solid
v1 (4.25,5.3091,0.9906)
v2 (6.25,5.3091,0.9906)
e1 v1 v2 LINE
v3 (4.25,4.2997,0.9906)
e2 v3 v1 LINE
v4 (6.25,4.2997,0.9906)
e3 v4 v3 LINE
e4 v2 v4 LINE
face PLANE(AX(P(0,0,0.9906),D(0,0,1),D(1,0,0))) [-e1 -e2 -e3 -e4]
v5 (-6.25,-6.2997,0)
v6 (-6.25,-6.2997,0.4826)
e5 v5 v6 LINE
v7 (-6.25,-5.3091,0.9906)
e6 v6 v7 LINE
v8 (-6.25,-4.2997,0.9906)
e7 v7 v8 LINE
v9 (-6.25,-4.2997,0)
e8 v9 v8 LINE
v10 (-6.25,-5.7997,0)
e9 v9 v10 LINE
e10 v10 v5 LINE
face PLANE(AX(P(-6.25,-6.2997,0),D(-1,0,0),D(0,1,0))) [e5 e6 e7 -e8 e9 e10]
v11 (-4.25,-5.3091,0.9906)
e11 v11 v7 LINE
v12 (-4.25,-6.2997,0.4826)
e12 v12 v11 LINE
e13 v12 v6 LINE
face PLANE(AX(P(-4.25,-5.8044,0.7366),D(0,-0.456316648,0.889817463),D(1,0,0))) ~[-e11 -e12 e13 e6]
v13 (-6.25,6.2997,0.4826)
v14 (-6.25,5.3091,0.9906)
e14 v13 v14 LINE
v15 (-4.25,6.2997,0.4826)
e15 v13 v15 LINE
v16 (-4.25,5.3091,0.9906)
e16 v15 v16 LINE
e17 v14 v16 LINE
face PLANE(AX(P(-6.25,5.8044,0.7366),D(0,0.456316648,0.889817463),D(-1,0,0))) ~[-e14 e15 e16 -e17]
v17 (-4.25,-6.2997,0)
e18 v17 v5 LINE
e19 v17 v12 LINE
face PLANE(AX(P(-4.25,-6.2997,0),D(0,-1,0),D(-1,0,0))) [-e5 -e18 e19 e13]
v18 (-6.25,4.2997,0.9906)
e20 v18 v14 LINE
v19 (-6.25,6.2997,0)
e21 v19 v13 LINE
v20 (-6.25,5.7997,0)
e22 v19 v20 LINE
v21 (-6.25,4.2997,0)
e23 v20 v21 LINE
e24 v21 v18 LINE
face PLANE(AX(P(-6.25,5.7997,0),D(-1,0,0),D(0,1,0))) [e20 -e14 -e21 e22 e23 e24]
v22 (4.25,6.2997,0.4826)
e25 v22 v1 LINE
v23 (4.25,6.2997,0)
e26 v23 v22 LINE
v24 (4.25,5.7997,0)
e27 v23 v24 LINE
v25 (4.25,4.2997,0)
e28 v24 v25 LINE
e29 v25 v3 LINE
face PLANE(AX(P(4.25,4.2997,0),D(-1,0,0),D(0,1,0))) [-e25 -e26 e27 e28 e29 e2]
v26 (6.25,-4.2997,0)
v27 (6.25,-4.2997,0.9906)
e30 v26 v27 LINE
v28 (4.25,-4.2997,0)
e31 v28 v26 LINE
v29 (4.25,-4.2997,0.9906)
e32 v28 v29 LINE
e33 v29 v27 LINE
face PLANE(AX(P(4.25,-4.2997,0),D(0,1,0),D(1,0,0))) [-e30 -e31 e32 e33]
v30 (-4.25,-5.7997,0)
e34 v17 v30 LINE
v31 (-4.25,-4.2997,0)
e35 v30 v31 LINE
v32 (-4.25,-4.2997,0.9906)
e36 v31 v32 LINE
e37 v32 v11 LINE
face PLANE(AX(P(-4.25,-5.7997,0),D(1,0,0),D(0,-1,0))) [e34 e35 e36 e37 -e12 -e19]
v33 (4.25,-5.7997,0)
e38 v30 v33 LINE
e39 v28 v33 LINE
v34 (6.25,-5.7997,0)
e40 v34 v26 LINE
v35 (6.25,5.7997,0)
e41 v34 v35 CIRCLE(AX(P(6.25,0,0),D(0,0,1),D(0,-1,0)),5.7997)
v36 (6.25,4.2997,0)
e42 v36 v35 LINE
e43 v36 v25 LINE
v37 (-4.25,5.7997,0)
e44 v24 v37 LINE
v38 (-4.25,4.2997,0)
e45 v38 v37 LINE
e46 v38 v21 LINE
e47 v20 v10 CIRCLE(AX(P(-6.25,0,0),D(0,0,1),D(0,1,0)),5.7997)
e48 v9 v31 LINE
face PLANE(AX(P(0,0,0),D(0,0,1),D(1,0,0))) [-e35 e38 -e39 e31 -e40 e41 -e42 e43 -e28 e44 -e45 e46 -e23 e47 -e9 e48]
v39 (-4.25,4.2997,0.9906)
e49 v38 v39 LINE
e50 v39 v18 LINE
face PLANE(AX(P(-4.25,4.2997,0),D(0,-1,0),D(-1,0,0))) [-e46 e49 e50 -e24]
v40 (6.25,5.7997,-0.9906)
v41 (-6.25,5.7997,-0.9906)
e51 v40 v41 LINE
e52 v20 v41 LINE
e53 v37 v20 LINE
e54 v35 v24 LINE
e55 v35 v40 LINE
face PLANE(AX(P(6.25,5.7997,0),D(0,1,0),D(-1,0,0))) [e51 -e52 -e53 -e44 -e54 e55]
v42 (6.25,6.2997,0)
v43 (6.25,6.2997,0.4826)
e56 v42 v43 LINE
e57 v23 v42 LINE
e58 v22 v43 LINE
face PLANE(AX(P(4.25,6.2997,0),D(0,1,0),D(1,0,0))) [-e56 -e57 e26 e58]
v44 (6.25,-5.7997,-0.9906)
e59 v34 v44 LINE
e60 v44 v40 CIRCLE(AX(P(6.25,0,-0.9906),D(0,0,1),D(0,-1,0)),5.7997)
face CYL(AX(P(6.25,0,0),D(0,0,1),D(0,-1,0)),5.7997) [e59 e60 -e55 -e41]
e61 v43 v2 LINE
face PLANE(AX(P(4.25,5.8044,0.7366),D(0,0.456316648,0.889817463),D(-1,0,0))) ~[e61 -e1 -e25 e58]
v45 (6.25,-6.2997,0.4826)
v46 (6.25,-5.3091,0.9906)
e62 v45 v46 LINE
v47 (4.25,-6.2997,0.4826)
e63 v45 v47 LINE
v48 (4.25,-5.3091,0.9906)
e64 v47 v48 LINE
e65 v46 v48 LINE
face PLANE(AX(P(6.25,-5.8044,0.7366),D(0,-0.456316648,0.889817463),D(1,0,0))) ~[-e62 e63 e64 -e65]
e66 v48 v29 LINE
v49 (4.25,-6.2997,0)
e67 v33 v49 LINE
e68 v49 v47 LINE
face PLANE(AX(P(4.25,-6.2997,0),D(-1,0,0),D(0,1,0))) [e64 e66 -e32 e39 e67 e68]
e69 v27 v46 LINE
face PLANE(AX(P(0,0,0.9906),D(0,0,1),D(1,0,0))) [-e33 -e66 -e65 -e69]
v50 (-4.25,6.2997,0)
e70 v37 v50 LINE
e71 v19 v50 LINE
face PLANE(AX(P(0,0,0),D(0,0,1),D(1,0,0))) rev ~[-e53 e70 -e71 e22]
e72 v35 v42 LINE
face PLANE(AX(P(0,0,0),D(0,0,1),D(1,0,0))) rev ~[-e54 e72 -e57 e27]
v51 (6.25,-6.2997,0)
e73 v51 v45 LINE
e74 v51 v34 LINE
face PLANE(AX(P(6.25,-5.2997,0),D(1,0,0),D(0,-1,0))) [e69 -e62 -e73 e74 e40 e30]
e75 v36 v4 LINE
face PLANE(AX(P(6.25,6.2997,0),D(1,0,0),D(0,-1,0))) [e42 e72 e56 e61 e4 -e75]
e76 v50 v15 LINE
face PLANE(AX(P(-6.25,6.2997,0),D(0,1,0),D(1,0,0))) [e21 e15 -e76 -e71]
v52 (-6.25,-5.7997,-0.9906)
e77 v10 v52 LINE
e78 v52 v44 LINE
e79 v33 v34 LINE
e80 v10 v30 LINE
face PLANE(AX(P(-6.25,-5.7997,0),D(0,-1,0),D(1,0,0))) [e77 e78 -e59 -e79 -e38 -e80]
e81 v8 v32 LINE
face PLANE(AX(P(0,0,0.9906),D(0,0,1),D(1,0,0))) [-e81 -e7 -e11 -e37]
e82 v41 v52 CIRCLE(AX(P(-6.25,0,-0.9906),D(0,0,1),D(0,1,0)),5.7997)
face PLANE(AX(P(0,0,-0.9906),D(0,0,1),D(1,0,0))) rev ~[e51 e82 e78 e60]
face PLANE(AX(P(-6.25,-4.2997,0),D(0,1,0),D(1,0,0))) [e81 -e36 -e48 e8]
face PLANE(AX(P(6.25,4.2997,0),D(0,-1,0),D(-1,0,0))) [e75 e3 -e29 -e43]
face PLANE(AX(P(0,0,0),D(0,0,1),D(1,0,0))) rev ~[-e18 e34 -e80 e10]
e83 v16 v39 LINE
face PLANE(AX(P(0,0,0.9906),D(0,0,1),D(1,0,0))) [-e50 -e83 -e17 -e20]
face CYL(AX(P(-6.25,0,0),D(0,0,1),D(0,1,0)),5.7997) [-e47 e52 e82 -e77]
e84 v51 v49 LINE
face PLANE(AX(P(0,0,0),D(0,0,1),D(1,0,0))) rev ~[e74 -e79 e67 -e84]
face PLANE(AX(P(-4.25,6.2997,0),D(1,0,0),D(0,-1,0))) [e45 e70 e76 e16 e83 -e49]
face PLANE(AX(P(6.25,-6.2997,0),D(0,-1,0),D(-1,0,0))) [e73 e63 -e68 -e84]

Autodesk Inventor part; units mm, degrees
ref_plane "YZ Plane" through (0, 0, 0) normal (1, 0, 0) x (0, 1, 0)
ref_plane "XZ Plane" through (0, 0, 0) normal (0, 1, 0) x (-1, 0, 0)
ref_plane "XY Plane" through (0, 0, 0) normal (0, 0, 1) x (1, 0, 0)
sketch "Sketch1" plane through (0, 0, 0) normal (0, 0, 1) x (1, 0, 0)
  line L0 (-6.25, -5.7997) -> (6.25, -5.7997)
  arc A0 (6.25, -5.7997) -> (6.25, 5.7997) centre (6.25, 0) ccw
  line L1 (6.25, 5.7997) -> (-6.25, 5.7997)
  arc A1 (-6.25, 5.7997) -> (-6.25, -5.7997) centre (-6.25, 0) ccw
  point P0 (0, 0)
  point P1 (0, 0)
extrude "Extrusion1" add sketch "Sketch1" against normal blind 0.9906
sketch "Sketch2" plane through (0, 0, 0) normal (0, 0, 1) x (1, 0, 0)
  line L0 (-6.25, 6.2997) -> (-4.25, 6.2997)
  line L1 (-6.25, 5.7997) -> (-6.25, 6.2997)
  line L2 (-4.25, 5.7997) -> (-6.25, 5.7997)
  line L3 (-4.25, 6.2997) -> (-4.25, 5.7997)
  line L4 (-6.25, 4.2997) -> (-6.25, 5.7997)
  line L5 (-4.25, 5.7997) -> (-4.25, 4.2997)
  line L6 (-4.25, 4.2997) -> (-6.25, 4.2997)
  line L7 (4.25, 6.2997) -> (6.25, 6.2997)
  line L8 (4.25, 5.7997) -> (4.25, 6.2997)
  line L9 (6.25, 6.2997) -> (6.25, 5.7997)
  line L10 (4.25, 4.2997) -> (4.25, 5.7997)
  line L11 (6.25, 5.7997) -> (6.25, 4.2997)
  line L12 (6.25, 4.2997) -> (4.25, 4.2997)
  line L13 (-4.25, -6.2997) -> (-6.25, -6.2997)
  line L14 (-4.25, -5.7997) -> (-4.25, -6.2997)
  line L15 (-6.25, -5.7997) -> (-4.25, -5.7997)
  line L16 (-6.25, -6.2997) -> (-6.25, -5.7997)
  line L17 (-6.25, -5.7997) -> (-6.25, -4.2997)
  line L18 (-6.25, -4.2997) -> (-4.25, -4.2997)
  line L19 (-4.25, -4.2997) -> (-4.25, -5.7997)
  line L20 (6.25, -5.2997) -> (6.25, -6.2997)
  line L21 (4.25, -6.2997) -> (4.25, -5.7997)
  line L22 (6.25, -6.2997) -> (4.25, -6.2997)
  line L23 (4.25, -5.7997) -> (4.25, -4.2997)
  line L24 (4.25, -4.2997) -> (6.25, -4.2997)
  line L25 (6.25, -4.2997) -> (6.25, -5.7997)
  point P0 (0, 0)
  point P1 (6.25, 0)
  point P2 (-6.25, 0)
  point P3 (0, 0)
extrude "Extrusion2" add sketch "Sketch2" along normal blind 0.9906
chamfer "Chamfer1" distance 0.508 distance2 0.9906 1 edges at (-5.25, 6.2997, 0.9906) measured on face at (-4.9167, 6.2997, 0.3302)
chamfer "Chamfer2" distance 0.508 distance2 0.9906 1 edges at (5.25, 6.2997, 0.9906) measured on face at (5.5833, 6.2997, 0.3302)
chamfer "Chamfer3" distance 0.508 distance2 0.9906 1 edges at (5.25, -6.2997, 0.9906) measured on face at (4.9167, -6.2997, 0.3302)
chamfer "Chamfer4" distance 0.508 distance2 0.9906 1 edges at (-5.25, -6.2997, 0.9906) measured on face at (-5.5833, -6.2997, 0.3302)
properties part number "276-2243" material "ABS Plastic"
